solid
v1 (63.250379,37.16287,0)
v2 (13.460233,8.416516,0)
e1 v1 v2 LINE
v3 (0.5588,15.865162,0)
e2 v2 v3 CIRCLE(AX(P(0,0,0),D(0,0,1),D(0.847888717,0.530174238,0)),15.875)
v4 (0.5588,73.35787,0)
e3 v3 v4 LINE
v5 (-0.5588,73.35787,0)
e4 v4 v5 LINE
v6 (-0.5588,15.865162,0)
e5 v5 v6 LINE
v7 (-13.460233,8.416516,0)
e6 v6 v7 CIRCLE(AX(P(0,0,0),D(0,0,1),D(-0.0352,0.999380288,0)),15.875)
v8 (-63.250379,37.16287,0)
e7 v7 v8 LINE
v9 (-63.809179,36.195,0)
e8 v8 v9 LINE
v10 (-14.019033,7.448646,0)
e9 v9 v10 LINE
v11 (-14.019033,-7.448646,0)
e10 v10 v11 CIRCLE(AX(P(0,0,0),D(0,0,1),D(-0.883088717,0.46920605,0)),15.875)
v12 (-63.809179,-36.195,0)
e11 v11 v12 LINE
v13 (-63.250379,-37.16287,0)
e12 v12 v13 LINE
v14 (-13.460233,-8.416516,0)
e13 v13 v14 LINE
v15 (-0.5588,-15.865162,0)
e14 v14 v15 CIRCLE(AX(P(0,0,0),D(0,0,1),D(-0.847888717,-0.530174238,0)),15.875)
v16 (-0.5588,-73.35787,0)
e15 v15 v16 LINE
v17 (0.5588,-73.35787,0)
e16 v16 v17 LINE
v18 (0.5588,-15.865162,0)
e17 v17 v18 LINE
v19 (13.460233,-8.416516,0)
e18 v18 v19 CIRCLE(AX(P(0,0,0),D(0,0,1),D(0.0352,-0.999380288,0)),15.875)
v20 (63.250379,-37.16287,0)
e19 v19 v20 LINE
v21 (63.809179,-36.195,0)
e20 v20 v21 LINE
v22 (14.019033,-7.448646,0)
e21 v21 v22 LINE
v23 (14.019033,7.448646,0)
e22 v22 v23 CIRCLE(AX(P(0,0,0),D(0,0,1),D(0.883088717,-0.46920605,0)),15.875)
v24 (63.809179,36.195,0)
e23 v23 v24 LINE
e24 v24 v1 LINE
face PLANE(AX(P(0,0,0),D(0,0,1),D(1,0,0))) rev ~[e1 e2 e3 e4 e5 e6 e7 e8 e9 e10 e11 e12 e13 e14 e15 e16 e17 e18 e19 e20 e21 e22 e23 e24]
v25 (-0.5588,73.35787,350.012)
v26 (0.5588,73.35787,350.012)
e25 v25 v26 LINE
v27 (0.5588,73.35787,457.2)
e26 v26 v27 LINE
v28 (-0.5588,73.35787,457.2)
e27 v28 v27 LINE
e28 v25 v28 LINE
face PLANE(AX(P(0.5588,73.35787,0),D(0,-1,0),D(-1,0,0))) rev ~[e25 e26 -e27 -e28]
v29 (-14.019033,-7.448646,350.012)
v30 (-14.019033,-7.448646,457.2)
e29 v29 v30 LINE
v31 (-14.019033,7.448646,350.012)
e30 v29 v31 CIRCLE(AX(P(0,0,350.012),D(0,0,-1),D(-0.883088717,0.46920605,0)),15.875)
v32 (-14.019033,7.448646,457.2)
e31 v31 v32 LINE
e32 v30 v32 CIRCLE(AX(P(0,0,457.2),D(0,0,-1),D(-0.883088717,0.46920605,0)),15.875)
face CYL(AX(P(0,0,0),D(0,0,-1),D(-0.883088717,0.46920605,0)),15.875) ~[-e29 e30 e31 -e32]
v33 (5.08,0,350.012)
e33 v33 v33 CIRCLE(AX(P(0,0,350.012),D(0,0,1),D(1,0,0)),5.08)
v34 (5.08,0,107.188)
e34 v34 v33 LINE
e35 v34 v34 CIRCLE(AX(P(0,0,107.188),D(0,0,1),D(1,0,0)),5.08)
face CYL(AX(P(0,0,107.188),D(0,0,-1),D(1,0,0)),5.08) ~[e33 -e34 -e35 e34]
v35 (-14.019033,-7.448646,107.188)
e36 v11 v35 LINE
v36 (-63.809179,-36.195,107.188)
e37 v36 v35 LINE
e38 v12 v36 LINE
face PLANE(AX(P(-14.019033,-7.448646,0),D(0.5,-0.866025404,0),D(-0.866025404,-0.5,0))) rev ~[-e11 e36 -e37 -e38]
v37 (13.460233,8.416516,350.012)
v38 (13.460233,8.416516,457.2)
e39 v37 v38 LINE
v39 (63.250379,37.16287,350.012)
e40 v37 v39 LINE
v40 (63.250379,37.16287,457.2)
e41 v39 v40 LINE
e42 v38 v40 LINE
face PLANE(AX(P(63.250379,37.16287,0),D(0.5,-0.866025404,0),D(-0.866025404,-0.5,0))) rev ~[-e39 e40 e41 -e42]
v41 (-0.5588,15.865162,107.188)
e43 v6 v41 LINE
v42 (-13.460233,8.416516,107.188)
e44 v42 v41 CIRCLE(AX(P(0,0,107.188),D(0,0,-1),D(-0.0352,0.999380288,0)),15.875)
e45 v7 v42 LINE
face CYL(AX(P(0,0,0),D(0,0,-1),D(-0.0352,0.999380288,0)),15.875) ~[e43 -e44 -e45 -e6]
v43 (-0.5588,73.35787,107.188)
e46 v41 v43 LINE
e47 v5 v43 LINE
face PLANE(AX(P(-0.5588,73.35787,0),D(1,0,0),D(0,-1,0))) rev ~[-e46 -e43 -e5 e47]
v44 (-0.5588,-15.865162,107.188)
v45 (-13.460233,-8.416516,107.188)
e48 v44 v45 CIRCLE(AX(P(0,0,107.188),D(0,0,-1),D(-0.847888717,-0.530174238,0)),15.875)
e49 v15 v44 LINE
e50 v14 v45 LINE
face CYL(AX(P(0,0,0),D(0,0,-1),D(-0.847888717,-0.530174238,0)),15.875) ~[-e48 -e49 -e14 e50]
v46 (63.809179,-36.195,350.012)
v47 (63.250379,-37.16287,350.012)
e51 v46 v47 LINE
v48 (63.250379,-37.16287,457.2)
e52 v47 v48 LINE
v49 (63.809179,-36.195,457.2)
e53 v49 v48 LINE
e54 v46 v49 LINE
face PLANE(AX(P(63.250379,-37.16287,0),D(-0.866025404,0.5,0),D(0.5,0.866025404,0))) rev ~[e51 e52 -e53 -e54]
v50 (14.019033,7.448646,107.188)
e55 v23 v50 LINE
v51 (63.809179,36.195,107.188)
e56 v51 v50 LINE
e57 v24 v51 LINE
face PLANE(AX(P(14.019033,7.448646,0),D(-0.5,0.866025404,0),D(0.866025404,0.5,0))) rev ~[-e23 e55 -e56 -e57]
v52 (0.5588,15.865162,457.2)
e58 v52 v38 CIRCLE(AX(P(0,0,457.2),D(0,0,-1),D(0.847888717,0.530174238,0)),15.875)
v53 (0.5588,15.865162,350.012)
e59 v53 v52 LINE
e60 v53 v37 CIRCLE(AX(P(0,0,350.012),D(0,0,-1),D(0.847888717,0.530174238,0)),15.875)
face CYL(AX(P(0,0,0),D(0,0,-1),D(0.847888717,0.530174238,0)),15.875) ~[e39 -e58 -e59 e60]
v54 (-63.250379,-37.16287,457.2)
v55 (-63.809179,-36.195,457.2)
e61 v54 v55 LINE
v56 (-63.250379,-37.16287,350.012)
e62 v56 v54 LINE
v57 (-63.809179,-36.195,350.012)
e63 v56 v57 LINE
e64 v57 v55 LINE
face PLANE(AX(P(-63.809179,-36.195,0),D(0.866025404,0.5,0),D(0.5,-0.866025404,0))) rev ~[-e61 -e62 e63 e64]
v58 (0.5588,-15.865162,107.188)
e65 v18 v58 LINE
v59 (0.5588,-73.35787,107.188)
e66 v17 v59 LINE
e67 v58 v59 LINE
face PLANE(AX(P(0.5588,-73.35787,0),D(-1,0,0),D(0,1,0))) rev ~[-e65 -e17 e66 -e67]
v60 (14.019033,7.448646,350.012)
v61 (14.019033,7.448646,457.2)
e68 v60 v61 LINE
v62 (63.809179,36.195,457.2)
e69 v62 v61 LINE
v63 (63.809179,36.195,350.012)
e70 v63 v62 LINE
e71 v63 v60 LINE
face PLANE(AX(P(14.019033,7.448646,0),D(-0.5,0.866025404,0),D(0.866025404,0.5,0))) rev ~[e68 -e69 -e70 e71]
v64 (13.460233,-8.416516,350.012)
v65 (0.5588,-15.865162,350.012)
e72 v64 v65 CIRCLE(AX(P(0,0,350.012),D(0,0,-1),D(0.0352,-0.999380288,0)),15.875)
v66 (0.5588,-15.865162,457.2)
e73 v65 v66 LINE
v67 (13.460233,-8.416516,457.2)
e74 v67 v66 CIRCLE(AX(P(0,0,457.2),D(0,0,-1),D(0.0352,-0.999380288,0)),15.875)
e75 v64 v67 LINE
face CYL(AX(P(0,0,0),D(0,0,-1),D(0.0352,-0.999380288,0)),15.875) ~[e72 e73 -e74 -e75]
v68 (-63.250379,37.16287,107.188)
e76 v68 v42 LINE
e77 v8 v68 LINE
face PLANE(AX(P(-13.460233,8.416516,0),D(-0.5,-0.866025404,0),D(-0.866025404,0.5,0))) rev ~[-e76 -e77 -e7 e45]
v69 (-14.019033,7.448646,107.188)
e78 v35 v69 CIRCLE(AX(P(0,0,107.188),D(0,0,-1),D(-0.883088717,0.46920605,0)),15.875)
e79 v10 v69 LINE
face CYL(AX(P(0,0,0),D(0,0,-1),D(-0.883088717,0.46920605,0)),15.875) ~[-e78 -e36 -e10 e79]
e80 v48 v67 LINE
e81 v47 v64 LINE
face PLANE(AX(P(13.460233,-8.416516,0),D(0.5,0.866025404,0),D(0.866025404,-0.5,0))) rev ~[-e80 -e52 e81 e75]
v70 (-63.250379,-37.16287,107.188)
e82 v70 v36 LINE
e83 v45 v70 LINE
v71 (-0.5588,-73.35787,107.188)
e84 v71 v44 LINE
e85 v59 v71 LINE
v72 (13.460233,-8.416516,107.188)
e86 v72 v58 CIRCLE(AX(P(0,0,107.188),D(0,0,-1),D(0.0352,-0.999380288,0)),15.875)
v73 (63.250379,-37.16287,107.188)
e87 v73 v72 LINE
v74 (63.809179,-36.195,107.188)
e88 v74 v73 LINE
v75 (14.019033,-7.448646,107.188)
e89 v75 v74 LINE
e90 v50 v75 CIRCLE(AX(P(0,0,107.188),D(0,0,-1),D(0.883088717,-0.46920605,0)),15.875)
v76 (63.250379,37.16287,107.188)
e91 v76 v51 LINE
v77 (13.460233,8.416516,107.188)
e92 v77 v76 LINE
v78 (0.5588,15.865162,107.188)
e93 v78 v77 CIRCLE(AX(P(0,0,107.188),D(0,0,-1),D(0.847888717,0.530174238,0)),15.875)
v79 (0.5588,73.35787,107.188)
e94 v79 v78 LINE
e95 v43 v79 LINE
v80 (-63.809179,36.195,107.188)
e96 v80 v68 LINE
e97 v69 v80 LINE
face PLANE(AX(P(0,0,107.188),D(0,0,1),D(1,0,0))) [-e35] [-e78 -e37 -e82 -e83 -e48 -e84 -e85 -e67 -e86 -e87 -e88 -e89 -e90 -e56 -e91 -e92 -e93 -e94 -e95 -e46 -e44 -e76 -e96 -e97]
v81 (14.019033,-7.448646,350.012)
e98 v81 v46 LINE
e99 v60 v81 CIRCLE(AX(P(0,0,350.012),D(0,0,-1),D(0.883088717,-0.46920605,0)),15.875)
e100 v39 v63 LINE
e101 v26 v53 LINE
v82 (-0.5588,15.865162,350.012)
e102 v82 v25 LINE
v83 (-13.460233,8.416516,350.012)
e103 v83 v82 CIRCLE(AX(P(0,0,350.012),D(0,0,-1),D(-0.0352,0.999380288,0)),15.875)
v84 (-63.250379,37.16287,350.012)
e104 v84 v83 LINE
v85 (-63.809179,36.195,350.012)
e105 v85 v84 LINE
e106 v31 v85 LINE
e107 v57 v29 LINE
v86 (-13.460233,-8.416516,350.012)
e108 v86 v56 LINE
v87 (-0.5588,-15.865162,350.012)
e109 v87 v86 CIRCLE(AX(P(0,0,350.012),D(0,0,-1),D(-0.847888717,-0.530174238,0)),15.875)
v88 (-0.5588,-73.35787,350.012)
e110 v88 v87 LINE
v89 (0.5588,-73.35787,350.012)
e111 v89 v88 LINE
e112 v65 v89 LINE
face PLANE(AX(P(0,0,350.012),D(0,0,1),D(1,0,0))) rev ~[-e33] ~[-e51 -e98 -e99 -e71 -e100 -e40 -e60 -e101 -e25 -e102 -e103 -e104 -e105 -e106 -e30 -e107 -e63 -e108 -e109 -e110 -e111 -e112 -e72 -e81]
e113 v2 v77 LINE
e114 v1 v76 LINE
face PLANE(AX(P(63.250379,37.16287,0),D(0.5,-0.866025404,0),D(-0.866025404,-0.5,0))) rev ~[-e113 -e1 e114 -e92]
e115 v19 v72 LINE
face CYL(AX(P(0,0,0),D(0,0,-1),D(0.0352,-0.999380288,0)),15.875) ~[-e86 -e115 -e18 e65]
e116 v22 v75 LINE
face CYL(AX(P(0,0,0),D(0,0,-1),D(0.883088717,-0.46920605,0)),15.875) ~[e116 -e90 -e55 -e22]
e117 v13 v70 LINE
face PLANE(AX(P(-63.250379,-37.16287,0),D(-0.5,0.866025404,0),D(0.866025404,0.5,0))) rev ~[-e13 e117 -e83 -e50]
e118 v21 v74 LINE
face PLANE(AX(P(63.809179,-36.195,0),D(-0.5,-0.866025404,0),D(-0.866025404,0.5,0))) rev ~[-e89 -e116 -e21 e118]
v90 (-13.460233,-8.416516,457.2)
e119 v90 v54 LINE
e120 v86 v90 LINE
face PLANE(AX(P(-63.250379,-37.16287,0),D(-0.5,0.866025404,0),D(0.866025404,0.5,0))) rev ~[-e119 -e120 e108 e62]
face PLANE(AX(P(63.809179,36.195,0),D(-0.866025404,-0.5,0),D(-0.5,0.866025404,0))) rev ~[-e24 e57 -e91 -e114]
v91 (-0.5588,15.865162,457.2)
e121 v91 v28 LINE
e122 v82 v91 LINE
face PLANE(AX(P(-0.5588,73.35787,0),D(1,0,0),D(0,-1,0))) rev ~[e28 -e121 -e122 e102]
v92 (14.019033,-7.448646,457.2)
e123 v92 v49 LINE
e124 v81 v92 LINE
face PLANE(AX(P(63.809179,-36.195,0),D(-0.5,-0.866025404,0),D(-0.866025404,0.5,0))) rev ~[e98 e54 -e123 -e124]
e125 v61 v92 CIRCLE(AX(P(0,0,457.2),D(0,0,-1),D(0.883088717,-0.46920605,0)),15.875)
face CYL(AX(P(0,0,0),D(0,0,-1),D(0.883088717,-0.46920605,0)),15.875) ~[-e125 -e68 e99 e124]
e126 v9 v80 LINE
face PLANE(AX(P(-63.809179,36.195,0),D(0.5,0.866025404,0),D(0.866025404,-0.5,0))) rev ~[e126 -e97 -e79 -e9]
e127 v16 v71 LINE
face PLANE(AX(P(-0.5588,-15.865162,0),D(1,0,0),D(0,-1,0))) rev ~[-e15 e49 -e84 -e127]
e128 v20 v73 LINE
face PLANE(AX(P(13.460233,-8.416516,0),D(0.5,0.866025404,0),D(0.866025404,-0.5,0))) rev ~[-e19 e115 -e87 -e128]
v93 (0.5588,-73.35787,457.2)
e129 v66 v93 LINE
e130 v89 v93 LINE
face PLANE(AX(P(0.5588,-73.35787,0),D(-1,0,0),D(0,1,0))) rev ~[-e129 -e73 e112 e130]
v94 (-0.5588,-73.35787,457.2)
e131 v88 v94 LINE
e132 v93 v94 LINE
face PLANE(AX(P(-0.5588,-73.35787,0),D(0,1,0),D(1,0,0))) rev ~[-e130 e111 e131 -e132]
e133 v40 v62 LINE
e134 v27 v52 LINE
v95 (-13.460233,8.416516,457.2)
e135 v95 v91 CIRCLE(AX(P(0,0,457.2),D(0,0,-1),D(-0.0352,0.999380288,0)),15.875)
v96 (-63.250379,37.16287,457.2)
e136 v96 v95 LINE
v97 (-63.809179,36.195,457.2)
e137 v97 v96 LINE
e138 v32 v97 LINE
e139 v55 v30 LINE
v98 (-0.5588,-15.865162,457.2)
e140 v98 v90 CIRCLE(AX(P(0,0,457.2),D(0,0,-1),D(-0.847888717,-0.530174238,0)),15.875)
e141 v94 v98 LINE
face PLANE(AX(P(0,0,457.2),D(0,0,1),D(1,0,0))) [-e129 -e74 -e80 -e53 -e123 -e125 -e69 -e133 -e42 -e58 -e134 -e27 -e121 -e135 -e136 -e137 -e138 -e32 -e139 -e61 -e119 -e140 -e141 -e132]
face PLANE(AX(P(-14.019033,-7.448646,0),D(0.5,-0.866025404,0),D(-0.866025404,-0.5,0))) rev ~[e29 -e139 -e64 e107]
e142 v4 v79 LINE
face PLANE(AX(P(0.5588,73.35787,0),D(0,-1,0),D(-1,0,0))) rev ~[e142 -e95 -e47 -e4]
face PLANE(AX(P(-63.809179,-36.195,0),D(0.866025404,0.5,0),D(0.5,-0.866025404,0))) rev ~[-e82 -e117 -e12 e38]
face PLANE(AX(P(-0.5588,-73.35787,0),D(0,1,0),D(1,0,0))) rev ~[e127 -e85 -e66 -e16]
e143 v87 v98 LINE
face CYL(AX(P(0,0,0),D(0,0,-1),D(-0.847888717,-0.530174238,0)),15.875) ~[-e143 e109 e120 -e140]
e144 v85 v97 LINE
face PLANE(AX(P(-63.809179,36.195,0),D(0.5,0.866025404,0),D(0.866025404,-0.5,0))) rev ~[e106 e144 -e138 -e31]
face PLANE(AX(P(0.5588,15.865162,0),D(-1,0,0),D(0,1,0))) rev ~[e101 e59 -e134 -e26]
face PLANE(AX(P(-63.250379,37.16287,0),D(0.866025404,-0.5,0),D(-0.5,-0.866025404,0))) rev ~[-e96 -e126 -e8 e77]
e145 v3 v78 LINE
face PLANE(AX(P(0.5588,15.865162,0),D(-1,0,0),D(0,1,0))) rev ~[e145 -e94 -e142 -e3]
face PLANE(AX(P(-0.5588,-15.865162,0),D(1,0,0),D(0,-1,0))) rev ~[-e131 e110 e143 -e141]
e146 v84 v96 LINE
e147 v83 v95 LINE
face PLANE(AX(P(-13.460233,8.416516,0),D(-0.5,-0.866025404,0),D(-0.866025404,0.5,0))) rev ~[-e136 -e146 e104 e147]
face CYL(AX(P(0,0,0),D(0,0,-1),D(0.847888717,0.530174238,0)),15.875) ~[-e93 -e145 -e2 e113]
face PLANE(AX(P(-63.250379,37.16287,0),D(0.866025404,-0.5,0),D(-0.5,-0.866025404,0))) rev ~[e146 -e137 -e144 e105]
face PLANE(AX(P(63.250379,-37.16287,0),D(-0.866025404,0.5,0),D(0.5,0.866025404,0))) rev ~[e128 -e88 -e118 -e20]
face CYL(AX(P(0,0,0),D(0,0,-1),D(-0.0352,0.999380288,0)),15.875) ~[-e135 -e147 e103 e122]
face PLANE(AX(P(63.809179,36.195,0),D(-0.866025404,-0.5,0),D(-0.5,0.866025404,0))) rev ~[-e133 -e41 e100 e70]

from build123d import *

# Parameters (mm, degrees)
F1_W     = 254
F1_H     = 254
F2_DEPTH = 107.188
F3_R     = 5.08
F4_DEPTH = 242.824
F5_W     = 254
F5_H     = 254
F5_R     = 5.08
F6_DEPTH = 107.188
F7_R     = 5.08
F8_DEPTH = 107.188
F9_DEPTH = 543.306


with BuildPart() as f2:
    # F1 (on Top) → F2 (new body)
    with BuildSketch(Plane.XY):
        Rectangle(F1_W, F1_H)
    extrude(amount=F2_DEPTH)

    # F3 (on face) → F4 (join)
    with BuildSketch(Plane.XY.offset(107.188)):
        Circle(F3_R)
    extrude(amount=F4_DEPTH)

    # F5 (on face) → F6 (join)
    with BuildSketch(Plane.XY.offset(350.012)):
        Rectangle(F5_W, F5_H)
        Circle(F5_R, mode=Mode.SUBTRACT)
    extrude(amount=F6_DEPTH)

    # F7 (on face) → F8 (join)
    with BuildSketch(Plane.XY.offset(350.012)):
        Circle(F7_R)
    extrude(amount=F8_DEPTH)

    # F0 (on Top) → F9 (intersect)
    with BuildSketch(Plane.XY):
        with BuildLine():
            Line((0.5588, -73.3578699913), (0.5588, -15.8651620717))
            ThreePointArc((0.5588, -15.8651620717), (7.9375, -13.7481532851), (13.4602333892, -8.4165160315))
            Line((13.4602333892, -8.4165160315), (63.25037898, -37.1628699913))
            Line((63.25037898, -37.1628699913), (63.80917898, -36.195))
            Line((63.80917898, -36.195), (14.0190333892, -7.4486460402))
            ThreePointArc((14.0190333892, -7.4486460402), (15.875, 0), (14.0190333892, 7.4486460402))
            Line((14.0190333892, 7.4486460402), (63.80917898, 36.195))
            Line((63.80917898, 36.195), (63.25037898, 37.1628699913))
            Line((63.25037898, 37.1628699913), (13.4602333892, 8.4165160315))
            ThreePointArc((13.4602333892, 8.4165160315), (7.9375, 13.7481532851), (0.5588, 15.8651620717))
            Line((0.5588, 15.8651620717), (0.5588, 73.3578699913))
            Line((0.5588, 73.3578699913), (-0.5588, 73.3578699913))
            Line((-0.5588, 73.3578699913), (-0.5588, 15.8651620717))
            ThreePointArc((-0.5588, 15.8651620717), (-7.9375, 13.7481532851), (-13.4602333892, 8.4165160315))
            Line((-13.4602333892, 8.4165160315), (-63.25037898, 37.1628699913))
            Line((-63.25037898, 37.1628699913), (-63.80917898, 36.195))
            Line((-63.80917898, 36.195), (-14.0190333892, 7.4486460402))
            ThreePointArc((-14.0190333892, 7.4486460402), (-15.875, 0), (-14.0190333892, -7.4486460402))
            Line((-14.0190333892, -7.4486460402), (-63.80917898, -36.195))
            Line((-63.80917898, -36.195), (-63.25037898, -37.1628699913))
            Line((-63.25037898, -37.1628699913), (-13.4602333892, -8.4165160315))
            ThreePointArc((-13.4602333892, -8.4165160315), (-7.9375, -13.7481532851), (-0.5588, -15.8651620717))
            Line((-0.5588, -15.8651620717), (-0.5588, -73.3578699913))
            Line((-0.5588, -73.3578699913), (0.5588, -73.3578699913))
        make_face()
        with BuildLine():
            ThreePointArc((-0.5588, -5.0491724629), (-3.3887826723, 3.7845147641), (5.08, 0))
            ThreePointArc((5.08, 0), (3.7845147641, -3.3887826723), (0.5588, -5.0491724629))
            ThreePointArc((0.5588, -5.0491724629), (0, -5.08), (-0.5588, -5.0491724629))
        make_face(mode=Mode.SUBTRACT)
        with BuildLine():
            ThreePointArc((0.5588, -5.0491724629), (3.7845147641, -3.3887826723), (5.08, 0))
            ThreePointArc((5.08, 0), (-3.3887826723, 3.7845147641), (-0.5588, -5.0491724629))
            Line((-0.5588, -5.0491724629), (-0.5588, -0.9678699913))
            Line((-0.5588, -0.9678699913), (0.5588, -0.9678699913))
            Line((0.5588, -0.9678699913), (0.5588, -5.0491724629))
        make_face()
        with BuildLine():
            Line((-0.5588, -0.9678699913), (-0.5588, -5.0491724629))
            ThreePointArc((-0.5588, -5.0491724629), (0, -5.08), (0.5588, -5.0491724629))
            Line((0.5588, -5.0491724629), (0.5588, -0.9678699913))
            Line((0.5588, -0.9678699913), (-0.5588, -0.9678699913))
        make_face()
    extrude(amount=F9_DEPTH, mode=Mode.INTERSECT)


solid = f2.part
